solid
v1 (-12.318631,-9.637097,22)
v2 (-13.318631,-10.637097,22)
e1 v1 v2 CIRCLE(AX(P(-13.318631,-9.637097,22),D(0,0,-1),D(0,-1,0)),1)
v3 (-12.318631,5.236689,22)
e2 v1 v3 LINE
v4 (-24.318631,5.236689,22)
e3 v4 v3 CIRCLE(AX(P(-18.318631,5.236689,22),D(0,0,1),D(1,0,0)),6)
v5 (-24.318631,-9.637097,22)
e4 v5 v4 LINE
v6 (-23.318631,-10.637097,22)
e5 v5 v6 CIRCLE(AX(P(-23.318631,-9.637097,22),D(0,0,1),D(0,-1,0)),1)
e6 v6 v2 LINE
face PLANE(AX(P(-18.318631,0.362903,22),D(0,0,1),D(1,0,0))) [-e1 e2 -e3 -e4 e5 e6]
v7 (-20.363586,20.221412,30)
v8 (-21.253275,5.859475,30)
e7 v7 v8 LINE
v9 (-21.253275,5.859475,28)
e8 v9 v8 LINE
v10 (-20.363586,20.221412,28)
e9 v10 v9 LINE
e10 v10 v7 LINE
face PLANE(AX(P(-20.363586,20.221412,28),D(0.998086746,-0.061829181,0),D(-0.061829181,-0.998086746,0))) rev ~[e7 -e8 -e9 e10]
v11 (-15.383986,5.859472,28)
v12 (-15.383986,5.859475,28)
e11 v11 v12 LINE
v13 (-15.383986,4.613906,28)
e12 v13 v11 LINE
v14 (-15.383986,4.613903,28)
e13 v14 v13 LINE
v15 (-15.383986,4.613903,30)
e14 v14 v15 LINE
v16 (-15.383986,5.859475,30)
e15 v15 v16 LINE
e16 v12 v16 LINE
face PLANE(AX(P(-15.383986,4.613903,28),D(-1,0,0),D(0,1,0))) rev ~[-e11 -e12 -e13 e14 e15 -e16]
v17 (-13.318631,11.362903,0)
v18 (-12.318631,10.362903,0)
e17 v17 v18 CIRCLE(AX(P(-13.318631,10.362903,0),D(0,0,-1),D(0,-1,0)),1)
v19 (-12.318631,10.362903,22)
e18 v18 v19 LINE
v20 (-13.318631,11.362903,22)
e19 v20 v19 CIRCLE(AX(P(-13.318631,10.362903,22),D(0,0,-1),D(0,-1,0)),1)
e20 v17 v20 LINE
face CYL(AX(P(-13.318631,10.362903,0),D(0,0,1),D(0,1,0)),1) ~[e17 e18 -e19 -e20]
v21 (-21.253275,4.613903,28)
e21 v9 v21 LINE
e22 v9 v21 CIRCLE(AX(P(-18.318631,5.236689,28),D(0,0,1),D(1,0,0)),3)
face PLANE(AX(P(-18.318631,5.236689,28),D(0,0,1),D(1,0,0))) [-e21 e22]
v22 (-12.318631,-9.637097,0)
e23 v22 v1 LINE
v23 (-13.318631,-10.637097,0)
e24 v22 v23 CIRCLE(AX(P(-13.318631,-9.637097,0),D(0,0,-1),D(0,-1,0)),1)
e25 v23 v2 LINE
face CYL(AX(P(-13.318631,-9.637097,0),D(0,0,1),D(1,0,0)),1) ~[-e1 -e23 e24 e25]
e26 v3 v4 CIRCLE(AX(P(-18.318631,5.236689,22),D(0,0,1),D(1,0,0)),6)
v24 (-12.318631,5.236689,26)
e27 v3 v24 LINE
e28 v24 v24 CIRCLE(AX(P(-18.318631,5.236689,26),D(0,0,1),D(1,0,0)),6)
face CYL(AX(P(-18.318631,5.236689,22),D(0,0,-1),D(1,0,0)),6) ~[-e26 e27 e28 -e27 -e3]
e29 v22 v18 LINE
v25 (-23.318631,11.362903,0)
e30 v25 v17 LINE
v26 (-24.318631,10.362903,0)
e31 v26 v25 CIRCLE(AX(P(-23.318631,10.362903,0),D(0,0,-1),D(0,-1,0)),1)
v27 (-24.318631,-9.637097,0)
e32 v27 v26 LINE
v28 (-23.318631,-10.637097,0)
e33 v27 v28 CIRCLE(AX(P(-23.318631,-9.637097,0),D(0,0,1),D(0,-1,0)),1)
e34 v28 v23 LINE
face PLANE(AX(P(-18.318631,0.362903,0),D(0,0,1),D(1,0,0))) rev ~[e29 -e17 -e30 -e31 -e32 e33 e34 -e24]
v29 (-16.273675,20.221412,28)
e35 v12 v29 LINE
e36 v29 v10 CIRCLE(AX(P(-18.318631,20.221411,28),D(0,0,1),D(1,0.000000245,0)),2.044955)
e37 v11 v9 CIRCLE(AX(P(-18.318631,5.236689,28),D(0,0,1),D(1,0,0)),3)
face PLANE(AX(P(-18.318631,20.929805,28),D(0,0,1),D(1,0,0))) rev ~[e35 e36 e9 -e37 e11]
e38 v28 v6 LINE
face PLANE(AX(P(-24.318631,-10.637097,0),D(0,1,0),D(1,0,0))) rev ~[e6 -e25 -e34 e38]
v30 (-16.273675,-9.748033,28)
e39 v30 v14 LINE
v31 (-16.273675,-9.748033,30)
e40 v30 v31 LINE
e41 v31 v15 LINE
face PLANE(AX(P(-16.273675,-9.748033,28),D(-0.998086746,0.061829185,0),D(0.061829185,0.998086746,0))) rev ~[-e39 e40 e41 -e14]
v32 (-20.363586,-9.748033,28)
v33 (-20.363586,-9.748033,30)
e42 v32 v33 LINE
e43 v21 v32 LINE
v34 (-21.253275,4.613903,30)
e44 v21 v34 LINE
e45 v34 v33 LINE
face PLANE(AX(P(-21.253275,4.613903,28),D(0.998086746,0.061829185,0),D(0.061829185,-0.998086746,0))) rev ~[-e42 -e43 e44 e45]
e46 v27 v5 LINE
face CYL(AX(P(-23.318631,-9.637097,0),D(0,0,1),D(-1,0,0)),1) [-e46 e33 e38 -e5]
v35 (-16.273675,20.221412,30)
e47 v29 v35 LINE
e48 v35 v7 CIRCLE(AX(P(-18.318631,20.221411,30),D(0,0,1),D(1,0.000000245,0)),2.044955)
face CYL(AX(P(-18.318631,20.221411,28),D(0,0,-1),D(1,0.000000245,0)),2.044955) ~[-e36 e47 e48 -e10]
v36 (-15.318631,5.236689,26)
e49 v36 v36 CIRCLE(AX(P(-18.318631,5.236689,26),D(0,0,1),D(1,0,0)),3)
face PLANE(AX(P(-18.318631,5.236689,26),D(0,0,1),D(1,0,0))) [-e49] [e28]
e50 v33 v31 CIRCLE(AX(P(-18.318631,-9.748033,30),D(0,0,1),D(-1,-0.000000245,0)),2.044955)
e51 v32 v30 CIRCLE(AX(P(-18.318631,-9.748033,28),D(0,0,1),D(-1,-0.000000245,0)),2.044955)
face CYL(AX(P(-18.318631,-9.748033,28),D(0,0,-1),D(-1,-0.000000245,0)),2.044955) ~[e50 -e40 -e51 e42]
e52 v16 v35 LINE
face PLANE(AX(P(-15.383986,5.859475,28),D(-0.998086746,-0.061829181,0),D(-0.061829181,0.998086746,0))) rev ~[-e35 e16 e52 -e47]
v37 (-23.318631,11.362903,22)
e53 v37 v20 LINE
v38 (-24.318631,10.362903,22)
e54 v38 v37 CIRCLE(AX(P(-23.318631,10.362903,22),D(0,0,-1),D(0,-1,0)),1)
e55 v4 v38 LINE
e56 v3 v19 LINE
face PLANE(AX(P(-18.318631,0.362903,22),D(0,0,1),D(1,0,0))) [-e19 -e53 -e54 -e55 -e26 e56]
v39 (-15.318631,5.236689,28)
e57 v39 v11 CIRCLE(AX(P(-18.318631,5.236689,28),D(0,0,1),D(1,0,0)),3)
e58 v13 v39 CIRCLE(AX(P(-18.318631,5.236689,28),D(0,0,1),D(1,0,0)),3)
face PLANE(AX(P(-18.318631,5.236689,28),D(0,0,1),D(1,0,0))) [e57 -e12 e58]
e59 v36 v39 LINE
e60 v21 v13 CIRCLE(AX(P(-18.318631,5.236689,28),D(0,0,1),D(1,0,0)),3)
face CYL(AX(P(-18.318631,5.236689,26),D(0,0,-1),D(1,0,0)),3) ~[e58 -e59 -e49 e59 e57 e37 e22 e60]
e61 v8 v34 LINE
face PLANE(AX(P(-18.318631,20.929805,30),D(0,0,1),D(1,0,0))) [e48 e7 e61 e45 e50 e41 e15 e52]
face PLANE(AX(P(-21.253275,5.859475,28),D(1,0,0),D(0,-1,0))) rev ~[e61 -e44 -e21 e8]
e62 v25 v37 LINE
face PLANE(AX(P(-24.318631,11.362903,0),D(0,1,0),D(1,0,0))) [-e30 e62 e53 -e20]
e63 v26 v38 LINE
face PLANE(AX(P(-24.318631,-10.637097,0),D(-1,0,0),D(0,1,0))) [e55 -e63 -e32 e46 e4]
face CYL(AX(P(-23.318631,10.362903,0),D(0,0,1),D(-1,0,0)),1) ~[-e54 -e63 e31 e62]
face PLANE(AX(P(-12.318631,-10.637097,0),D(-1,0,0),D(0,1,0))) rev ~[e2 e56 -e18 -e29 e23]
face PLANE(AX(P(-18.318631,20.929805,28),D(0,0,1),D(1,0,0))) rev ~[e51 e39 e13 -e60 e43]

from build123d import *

# Parameters (mm, degrees)
F0_W     = 12
F0_H     = 22
F1_DEPTH = 22
F3_DEPTH = 4
F4_R     = 3
F5_DEPTH = 2
F7_DEPTH = 2
F8_R     = 1


with BuildPart() as f1:
    # F0 (on Top) → F1 (new body)
    with BuildSketch(Plane.XY):
        with Locations((-18.318631, 0.362903)):
            Rectangle(F0_W, F0_H)
    extrude(amount=F1_DEPTH)

    # F2 (on face) → F3 (join)
    with BuildSketch(Plane.XY.offset(22)):
        with BuildLine():
            ThreePointArc((-24.318631, 5.236689), (-18.318631, -0.763311), (-12.318631, 5.236689))
            ThreePointArc((-12.318631, 5.236689), (-18.318631, 11.236689), (-24.318631, 5.236689))
        make_face()
    extrude(amount=F3_DEPTH)

    # F4 (on face) → F5 (join)
    with BuildSketch(Plane.XY.offset(26)):
        with Locations((-18.318631, 5.236689)):
            Circle(F4_R)
    extrude(amount=F5_DEPTH)

    # F6 (on face) → F7 (join)
    with BuildSketch(Plane.XY.offset(28)):
        with BuildLine():
            Line((-18.318631, 20.221412), (-16.273675, 20.221412))
            ThreePointArc((-16.273675, 20.221412), (-18.318631, 22.266367), (-20.363586, 20.221412))
            Line((-20.363586, 20.221412), (-18.318631, 20.221412))
        make_face()
        with BuildLine():
            Line((-18.318631, 20.221412), (-20.363586, 20.221412))
            Line((-20.363586, 20.221412), (-21.253275, 5.859475))
            ThreePointArc((-21.253275, 5.859475), (-20.206969, 7.567822), (-18.318631, 8.236689))
            Line((-18.318631, 8.236689), (-18.318631, 20.221412))
        make_face()
        with BuildLine():
            Line((-15.383986, 5.859475), (-16.273675, 20.221412))
            Line((-16.273675, 20.221412), (-18.318631, 20.221412))
            Line((-18.318631, 20.221412), (-18.318631, 8.236689))
            ThreePointArc((-18.318631, 8.236689), (-16.430293, 7.567822), (-15.383986, 5.859475))
        make_face()
        with BuildLine():
            Line((-15.383986, 4.613903), (-15.383986, 5.859475))
            ThreePointArc((-15.383986, 5.859475), (-16.430293, 7.567822), (-18.318631, 8.236689))
            ThreePointArc((-18.318631, 8.236689), (-20.206969, 7.567822), (-21.253275, 5.859475))
            Line((-21.253275, 5.859475), (-21.253275, 4.613903))
            ThreePointArc((-21.253275, 4.613903), (-18.318631, 2.236689), (-15.383986, 4.613903))
        make_face()
        with BuildLine():
            Line((-16.273675, -9.748033), (-15.383986, 4.613903))
            ThreePointArc((-15.383986, 4.613903), (-18.318631, 2.236689), (-21.253275, 4.613903))
            Line((-21.253275, 4.613903), (-20.363586, -9.748033))
            Line((-20.363586, -9.748033), (-18.318631, -9.748033))
            Line((-18.318631, -9.748033), (-16.273675, -9.748033))
        make_face()
        with BuildLine():
            ThreePointArc((-20.363586, -9.748033), (-18.318631, -11.792988), (-16.273675, -9.748033))
            Line((-16.273675, -9.748033), (-18.318631, -9.748033))
            Line((-18.318631, -9.748033), (-20.363586, -9.748033))
        make_face()
    extrude(amount=F7_DEPTH)

    # F8
    f8_edges = [f1.edges().sort_by_distance(p)[0] for p in [
        (-12.318631, 11.362903, 11),
        (-24.318631, 11.362903, 11),
        (-12.318631, -10.637097, 11),
        (-24.318631, -10.637097, 11),
    ]]
    fillet(f8_edges, radius=F8_R)


solid = f1.part
